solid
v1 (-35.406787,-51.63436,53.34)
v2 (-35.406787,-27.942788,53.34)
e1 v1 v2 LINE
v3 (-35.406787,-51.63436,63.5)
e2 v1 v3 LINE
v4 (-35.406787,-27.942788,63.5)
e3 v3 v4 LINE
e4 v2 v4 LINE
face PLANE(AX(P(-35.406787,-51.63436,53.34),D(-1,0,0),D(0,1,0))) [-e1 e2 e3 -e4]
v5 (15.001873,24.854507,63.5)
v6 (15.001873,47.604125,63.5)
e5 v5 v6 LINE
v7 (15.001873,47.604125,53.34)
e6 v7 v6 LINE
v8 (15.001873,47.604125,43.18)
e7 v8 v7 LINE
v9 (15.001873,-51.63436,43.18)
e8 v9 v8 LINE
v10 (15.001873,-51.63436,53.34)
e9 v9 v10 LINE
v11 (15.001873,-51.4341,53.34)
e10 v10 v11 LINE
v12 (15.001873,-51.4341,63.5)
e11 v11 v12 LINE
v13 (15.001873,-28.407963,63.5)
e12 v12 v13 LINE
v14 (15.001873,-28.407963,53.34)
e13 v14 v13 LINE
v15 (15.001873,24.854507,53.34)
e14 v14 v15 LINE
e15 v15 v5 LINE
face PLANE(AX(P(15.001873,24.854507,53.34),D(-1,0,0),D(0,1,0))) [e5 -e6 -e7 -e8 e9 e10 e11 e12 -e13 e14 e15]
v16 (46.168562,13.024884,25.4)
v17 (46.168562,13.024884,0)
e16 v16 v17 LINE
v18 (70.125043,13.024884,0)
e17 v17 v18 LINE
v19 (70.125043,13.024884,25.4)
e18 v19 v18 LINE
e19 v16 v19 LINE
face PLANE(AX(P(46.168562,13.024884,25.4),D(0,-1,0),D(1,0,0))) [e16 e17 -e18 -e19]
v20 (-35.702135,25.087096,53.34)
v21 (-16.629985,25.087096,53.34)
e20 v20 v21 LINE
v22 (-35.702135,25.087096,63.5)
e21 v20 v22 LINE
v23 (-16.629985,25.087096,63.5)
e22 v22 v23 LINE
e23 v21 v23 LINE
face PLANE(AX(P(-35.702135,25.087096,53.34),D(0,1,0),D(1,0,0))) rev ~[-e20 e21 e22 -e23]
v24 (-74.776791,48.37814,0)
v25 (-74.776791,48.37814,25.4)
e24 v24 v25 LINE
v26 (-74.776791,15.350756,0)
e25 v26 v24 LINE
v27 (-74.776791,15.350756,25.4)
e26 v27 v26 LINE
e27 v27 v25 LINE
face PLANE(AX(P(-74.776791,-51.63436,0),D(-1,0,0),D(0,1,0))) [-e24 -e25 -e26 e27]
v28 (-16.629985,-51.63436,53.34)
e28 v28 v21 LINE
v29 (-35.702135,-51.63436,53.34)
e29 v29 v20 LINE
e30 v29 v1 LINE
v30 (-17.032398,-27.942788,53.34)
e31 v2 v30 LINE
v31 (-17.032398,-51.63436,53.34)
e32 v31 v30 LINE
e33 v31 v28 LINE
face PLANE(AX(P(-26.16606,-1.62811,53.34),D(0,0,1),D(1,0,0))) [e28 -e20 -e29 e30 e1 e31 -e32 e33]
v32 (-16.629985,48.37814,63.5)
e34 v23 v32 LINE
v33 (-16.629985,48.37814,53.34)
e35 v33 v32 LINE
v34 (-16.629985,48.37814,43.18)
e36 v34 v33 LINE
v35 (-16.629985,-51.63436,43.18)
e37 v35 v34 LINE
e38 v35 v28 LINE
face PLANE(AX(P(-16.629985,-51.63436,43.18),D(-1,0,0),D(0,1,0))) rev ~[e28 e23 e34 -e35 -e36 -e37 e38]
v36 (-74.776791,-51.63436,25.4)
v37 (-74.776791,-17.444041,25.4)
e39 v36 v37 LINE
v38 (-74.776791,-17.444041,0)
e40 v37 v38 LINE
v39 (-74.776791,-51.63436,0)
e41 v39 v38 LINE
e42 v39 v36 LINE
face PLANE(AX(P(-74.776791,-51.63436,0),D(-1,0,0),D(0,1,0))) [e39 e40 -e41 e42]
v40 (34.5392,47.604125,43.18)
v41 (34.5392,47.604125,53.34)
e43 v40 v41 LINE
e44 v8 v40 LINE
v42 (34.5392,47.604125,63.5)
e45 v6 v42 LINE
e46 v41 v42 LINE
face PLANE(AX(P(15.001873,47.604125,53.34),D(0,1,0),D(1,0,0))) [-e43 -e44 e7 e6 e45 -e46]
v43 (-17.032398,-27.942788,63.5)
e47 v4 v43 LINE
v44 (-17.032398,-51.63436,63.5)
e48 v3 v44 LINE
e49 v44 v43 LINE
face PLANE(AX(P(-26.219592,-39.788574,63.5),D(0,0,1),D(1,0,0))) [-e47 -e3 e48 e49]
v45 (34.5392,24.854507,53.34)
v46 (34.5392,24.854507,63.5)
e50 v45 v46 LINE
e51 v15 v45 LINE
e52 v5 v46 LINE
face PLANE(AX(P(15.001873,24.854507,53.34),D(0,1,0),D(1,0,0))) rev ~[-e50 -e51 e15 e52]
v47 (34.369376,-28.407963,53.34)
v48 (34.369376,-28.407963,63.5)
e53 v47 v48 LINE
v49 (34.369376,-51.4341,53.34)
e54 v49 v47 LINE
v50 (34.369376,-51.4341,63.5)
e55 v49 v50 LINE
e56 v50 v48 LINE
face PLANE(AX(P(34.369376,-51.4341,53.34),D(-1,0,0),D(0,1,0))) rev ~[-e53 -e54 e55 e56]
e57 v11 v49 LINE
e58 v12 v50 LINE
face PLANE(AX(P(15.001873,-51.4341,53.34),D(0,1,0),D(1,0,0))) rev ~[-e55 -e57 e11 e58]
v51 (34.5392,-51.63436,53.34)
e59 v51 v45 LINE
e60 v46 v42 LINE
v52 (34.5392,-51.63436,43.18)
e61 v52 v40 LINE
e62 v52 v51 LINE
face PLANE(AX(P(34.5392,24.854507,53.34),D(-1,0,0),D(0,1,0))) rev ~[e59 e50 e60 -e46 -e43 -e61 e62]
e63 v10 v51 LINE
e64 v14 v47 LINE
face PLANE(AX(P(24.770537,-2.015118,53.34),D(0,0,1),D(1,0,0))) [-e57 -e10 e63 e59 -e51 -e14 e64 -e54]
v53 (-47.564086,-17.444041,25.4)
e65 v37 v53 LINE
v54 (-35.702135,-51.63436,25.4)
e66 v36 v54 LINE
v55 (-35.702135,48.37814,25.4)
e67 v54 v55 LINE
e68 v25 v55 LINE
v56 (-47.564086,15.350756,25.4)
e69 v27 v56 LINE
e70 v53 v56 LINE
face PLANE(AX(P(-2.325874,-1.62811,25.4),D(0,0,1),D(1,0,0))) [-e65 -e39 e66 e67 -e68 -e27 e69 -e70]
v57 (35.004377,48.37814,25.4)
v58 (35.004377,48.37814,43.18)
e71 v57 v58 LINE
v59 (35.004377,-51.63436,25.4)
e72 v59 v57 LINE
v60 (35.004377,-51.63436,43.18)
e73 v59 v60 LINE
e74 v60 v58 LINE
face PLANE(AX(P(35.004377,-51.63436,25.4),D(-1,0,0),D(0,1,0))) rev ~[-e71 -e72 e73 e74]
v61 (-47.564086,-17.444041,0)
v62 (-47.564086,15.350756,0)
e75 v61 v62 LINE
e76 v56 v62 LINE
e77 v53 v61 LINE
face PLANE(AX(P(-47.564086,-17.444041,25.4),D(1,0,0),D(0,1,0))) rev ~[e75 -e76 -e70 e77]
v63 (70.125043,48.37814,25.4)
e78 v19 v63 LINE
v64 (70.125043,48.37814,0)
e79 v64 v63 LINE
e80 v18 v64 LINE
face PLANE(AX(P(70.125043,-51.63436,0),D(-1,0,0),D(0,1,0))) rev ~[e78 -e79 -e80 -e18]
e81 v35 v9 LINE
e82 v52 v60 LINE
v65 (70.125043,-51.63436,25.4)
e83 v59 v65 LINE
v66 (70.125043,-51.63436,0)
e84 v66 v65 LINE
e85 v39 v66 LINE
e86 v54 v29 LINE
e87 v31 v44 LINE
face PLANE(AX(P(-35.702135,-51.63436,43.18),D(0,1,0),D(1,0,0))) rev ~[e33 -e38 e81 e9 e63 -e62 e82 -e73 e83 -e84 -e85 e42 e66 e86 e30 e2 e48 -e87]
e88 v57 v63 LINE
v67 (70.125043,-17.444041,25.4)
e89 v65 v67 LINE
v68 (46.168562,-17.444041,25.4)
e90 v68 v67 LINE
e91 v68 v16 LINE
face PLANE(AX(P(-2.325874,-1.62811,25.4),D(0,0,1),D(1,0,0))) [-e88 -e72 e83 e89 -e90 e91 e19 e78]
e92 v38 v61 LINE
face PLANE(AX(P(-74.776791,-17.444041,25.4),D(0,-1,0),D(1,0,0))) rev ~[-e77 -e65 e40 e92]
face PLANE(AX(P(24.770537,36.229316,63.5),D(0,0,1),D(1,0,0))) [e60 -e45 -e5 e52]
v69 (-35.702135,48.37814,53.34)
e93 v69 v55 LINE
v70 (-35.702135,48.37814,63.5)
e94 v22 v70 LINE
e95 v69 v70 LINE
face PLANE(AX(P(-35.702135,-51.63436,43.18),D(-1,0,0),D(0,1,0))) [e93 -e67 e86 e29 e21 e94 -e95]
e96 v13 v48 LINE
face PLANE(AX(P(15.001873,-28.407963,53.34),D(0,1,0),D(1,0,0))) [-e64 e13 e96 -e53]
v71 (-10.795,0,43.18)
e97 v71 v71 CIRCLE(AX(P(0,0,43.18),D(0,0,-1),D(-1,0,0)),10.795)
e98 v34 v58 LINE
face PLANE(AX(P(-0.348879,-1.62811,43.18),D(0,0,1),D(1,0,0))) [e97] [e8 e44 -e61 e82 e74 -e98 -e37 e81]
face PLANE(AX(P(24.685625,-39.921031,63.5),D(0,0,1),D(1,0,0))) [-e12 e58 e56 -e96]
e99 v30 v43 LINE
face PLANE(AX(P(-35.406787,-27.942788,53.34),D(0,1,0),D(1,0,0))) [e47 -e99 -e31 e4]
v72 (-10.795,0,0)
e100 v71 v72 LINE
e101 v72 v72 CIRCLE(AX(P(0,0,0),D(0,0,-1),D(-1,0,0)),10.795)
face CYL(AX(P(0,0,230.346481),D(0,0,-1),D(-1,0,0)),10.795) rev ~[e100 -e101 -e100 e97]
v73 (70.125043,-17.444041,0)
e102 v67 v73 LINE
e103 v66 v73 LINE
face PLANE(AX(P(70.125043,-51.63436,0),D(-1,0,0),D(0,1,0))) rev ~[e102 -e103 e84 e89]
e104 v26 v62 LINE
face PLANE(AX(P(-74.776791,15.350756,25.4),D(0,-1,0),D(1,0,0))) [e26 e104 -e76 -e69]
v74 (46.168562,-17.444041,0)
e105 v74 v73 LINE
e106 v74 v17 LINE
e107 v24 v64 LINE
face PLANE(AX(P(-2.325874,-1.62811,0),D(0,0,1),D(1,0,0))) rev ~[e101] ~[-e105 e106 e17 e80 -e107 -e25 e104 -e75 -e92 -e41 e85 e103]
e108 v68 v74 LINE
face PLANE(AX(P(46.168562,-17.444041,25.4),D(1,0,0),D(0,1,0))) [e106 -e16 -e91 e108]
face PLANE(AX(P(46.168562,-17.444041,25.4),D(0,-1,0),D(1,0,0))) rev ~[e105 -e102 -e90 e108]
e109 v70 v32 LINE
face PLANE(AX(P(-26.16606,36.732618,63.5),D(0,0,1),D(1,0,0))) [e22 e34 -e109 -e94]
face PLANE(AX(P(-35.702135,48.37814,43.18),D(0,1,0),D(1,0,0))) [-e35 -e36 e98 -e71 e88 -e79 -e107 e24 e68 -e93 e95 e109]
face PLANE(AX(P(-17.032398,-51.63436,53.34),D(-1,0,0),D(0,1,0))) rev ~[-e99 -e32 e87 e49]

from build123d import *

# Parameters (mm, degrees)
F0_W      = 144.9018344283
F0_H      = 100.0124998391
F1_DEPTH  = 25.4
F2_W      = 23.9564813673
F2_H      = 30.4689249024
F3_DEPTH  = 25.4
F4_W      = 27.2127054632
F4_H      = 32.7947968617
F5_DEPTH  = 25.4
F6_W      = 70.706512779
F6_H      = 100.0124998391
F7_DEPTH  = 17.78
F9_W      = 19.5373268798
F9_H      = 99.2384850979
F8_W      = 19.0721508116
F8_H      = 100.0124998391
F10_DEPTH = 10.16
F12_W     = 19.5373268798
F12_H     = 22.7496176958
F11_W     = 19.0721508116
F11_H     = 23.2910439372
F15_DEPTH = 10.16
F13_W     = 18.3743890375
F13_H     = 23.6915722489
F14_W     = 19.367502071
F14_H     = 23.0261366814
F16_DEPTH = 10.16
F19_D     = 21.59


with BuildPart() as f1:
    # F0 (on Top) → F1 (new body)
    with BuildSketch(Plane.XY):
        with Locations((-2.325873822, -1.6281101853)):
            Rectangle(F0_W, F0_H)
    extrude(amount=F1_DEPTH)

    # F2 (on face) → F3 (cut)
    with BuildSketch(Plane.XY.offset(25.4)):
        with Locations((58.1468027085, -2.2095781751)):
            Rectangle(F2_W, F2_H)
    extrude(amount=-F3_DEPTH, mode=Mode.SUBTRACT)

    # F4 (on face) → F5 (cut)
    with BuildSketch(Plane.XY.offset(25.4)):
        with Locations((-61.1704383045, -1.0466421954)):
            Rectangle(F4_W, F4_H)
    extrude(amount=-F5_DEPTH, mode=Mode.SUBTRACT)

    # F6 (on face) → F7 (join)
    with BuildSketch(Plane.XY.offset(25.4)):
        with Locations((-0.3488790244, -1.6281101853)):
            Rectangle(F6_W, F6_H)
    extrude(amount=F7_DEPTH)

    # F9 (on face) + F8 (on face) → F10 (join)
    with BuildSketch(Plane.XY.offset(43.18)):
        with Locations((24.7705369256, -2.0151175559)):
            Rectangle(F9_W, F9_H)
    with BuildSketch(Plane.XY.offset(43.18)):
        with Locations((-26.1660600081, -1.6281101853)):
            Rectangle(F8_W, F8_H)
    extrude(amount=F10_DEPTH)

    # F12 (on face) + F11 (on face) → F15 (join)
    with BuildSketch(Plane.XY.offset(53.34)):
        with Locations((24.7705369256, 36.2293161452)):
            Rectangle(F12_W, F12_H)
    with BuildSketch(Plane.XY.offset(53.34)):
        with Locations((-26.1660600081, 36.7326177657)):
            Rectangle(F11_W, F11_H)
    extrude(amount=F15_DEPTH)

    # F13 (on face) + F14 (on face) → F16 (join)
    with BuildSketch(Plane.XY.offset(53.34)):
        with Locations((-26.2195924297, -39.7885739803)):
            Rectangle(F13_W, F13_H)
    with BuildSketch(Plane.XY.offset(53.34)):
        with Locations((24.6856245212, -39.9210313335)):
            Rectangle(F14_W, F14_H)
    extrude(amount=F16_DEPTH)

    # F19 (through all)
    with Locations(Plane.XY.offset(43.18)):
        with Locations((0, 0)):
            Hole(F19_D / 2)


solid = f1.part
